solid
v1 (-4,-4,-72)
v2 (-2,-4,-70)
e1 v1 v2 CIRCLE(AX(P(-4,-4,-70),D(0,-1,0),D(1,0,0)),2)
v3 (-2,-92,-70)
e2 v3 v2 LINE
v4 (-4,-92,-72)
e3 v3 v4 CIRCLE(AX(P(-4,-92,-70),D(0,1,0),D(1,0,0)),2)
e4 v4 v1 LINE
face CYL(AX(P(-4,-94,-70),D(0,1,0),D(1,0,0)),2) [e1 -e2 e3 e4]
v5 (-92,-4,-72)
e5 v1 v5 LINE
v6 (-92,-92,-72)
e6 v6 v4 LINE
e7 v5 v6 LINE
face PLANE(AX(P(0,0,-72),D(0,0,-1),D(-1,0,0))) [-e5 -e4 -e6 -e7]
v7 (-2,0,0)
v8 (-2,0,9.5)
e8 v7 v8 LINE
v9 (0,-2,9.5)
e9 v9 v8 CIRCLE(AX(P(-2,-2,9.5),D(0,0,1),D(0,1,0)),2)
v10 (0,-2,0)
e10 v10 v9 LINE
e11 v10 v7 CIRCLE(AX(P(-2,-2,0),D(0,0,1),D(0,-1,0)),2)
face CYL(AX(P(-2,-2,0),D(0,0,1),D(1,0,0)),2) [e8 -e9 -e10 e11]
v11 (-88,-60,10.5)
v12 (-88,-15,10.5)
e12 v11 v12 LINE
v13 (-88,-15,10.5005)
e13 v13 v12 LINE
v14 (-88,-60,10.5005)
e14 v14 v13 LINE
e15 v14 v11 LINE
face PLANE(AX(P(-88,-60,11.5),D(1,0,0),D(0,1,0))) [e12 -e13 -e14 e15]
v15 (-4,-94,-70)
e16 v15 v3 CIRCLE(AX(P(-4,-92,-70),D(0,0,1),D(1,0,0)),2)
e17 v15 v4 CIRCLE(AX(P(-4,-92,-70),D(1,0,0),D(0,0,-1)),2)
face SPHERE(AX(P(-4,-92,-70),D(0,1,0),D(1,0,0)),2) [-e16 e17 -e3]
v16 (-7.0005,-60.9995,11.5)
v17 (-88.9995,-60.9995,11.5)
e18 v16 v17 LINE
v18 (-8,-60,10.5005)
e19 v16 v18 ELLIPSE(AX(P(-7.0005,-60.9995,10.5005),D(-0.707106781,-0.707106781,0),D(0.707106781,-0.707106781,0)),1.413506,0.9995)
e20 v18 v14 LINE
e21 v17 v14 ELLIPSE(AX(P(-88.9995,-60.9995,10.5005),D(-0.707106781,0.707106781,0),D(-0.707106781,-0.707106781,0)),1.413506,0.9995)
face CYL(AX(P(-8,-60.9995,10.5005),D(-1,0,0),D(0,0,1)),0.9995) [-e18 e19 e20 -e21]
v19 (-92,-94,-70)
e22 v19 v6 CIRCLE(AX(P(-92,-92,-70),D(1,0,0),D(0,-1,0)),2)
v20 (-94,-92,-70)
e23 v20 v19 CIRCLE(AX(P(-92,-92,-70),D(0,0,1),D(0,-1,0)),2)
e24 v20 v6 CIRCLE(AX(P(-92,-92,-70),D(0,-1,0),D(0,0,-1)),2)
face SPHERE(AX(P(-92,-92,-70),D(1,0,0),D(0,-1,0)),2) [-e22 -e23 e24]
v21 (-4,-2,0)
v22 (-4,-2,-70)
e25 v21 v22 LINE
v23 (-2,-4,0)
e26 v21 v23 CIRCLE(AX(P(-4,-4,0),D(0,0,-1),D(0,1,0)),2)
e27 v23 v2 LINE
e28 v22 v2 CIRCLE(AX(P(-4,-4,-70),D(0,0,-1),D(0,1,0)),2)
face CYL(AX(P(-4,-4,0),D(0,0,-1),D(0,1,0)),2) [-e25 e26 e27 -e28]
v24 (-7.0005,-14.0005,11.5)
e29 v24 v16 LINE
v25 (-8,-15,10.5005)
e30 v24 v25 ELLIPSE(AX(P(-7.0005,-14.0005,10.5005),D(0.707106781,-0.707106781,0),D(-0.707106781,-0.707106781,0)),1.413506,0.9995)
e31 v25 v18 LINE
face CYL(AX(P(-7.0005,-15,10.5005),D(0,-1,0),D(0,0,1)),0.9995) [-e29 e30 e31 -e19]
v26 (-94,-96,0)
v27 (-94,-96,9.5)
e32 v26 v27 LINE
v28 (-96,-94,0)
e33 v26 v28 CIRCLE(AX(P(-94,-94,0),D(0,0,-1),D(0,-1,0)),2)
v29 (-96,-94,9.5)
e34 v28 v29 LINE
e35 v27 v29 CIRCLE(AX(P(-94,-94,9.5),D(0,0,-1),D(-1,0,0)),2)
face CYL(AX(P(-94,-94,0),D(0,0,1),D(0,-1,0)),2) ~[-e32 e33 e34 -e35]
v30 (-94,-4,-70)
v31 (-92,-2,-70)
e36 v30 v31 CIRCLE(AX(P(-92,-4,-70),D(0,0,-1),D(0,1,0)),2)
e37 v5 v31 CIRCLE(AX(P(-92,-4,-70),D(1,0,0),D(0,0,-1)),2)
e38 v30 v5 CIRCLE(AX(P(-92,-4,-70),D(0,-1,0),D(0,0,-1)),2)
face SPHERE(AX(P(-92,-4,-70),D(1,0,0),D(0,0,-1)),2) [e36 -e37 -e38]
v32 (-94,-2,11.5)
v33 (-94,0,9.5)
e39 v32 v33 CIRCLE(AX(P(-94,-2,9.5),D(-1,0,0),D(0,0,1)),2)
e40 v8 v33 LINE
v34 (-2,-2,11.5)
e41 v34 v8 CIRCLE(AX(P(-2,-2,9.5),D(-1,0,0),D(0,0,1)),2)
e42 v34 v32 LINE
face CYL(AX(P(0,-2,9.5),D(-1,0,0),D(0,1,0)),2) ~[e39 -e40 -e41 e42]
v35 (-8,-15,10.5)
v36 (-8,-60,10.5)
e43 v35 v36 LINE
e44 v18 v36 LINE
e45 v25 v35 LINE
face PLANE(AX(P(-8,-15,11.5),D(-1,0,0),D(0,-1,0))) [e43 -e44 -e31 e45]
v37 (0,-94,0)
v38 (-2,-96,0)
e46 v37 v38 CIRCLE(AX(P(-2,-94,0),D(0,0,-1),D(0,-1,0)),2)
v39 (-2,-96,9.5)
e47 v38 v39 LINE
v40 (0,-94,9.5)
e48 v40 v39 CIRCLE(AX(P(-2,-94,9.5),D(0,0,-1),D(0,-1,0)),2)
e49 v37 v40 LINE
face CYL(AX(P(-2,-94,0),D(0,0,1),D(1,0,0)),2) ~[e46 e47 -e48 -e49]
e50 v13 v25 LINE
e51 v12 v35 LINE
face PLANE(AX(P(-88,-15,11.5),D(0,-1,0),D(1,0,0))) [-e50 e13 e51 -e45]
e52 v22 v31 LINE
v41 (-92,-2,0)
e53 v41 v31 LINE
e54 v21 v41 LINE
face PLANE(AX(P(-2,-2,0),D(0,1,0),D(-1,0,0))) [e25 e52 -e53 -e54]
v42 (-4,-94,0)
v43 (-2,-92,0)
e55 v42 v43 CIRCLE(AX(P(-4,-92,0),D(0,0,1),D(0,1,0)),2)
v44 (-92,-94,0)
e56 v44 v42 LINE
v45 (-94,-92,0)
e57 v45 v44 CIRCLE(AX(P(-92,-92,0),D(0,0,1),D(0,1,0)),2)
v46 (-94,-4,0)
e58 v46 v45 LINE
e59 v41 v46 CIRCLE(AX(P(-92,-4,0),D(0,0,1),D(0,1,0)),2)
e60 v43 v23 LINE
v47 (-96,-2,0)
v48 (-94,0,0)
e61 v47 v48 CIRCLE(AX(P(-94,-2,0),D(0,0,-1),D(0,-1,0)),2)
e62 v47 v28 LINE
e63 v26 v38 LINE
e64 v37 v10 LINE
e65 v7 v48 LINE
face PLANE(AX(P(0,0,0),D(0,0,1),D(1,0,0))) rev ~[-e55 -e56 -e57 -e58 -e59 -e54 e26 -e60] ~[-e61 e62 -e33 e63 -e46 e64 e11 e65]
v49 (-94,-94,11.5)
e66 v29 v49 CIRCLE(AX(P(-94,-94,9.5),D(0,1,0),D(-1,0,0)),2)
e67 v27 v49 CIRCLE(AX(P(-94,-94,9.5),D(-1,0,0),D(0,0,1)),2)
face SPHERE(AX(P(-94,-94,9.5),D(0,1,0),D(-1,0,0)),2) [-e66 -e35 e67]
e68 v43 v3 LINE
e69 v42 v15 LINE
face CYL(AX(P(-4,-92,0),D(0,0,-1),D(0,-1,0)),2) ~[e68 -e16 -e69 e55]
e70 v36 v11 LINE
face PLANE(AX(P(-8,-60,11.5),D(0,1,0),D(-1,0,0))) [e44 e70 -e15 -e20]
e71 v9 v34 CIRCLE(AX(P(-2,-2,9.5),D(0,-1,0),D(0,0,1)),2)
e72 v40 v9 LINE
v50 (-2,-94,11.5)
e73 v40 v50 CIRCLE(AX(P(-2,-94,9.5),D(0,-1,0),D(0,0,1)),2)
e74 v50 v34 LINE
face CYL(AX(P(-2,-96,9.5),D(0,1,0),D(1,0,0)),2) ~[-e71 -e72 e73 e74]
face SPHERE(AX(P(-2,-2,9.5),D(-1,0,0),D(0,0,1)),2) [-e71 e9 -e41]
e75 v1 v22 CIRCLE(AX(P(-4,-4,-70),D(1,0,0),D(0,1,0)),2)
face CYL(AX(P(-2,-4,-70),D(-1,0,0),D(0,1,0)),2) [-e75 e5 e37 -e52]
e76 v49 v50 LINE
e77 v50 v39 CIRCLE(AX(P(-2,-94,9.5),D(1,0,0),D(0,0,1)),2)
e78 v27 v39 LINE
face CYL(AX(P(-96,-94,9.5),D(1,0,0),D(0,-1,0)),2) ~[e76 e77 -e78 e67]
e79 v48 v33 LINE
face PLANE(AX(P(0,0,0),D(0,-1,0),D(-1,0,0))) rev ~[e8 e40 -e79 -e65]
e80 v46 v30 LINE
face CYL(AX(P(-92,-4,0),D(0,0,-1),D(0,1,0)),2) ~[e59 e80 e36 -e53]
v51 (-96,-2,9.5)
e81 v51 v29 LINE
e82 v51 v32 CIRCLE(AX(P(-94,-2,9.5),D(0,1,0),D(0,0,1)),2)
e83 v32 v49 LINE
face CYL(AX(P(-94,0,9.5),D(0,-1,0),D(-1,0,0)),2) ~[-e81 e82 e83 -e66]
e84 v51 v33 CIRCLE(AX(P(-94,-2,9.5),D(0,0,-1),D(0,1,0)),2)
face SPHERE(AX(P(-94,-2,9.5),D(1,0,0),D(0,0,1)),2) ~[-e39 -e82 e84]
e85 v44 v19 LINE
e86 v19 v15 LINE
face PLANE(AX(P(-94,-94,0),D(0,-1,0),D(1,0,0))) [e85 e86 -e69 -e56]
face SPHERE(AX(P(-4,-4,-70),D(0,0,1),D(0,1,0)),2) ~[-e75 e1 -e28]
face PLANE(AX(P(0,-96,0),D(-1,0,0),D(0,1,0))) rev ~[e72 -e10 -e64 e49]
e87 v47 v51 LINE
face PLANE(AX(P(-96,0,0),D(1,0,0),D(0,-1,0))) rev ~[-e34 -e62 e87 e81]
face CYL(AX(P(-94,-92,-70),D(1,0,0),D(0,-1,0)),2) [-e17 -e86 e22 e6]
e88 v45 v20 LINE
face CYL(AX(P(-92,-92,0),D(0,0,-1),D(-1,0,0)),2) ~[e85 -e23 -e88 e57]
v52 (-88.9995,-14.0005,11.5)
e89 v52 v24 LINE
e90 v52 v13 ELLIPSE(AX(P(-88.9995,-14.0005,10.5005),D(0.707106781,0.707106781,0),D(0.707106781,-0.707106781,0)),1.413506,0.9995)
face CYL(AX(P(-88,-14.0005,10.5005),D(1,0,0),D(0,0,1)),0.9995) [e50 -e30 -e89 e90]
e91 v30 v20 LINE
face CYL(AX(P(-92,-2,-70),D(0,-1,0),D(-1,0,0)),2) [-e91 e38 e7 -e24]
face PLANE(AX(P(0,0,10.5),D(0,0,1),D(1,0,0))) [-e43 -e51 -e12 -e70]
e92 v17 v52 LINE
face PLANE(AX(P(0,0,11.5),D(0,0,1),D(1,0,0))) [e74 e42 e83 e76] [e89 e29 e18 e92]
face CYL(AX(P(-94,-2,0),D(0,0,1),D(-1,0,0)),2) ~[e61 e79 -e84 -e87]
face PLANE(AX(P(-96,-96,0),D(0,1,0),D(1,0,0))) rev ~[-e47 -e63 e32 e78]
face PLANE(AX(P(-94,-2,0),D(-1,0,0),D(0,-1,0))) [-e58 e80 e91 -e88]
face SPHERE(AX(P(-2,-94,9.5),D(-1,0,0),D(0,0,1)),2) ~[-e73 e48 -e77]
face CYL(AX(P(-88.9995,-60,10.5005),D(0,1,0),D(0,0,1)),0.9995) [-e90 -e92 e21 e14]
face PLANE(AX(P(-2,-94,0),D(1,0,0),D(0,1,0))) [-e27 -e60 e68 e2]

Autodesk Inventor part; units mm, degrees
ref_plane "YZ Plane" through (0, 0, 0) normal (1, 0, 0) x (0, 1, 0)
ref_plane "XZ Plane" through (0, 0, 0) normal (0, 1, 0) x (-1, 0, 0)
ref_plane "XY Plane" through (0, 0, 0) normal (0, 0, 1) x (1, 0, 0)
sketch "Эскиз1" plane through (0, 0, 0) normal (0, 0, 1) x (1, 0, 0)
  line L0 (0, 0) -> (-96, 0)
  line L1 (-96, 0) -> (-96, -96)
  line L2 (-96, -96) -> (0, -96)
  line L3 (0, -96) -> (0, 0)
  dimension "d0" = 96
  dimension "d1" = 96
extrude "Выдавливание1" add sketch "Эскиз1" along normal blind 11.5
fillet "Сопряжение1" radius 2 8 edges at (-48, 0, 11.5) (-96, -48, 11.5) (-96, 0, 5.75) (-96, -96, 5.75) (-48, -96, 11.5) (0, -48, 11.5) (0, -96, 5.75) (0, 0, 5.75)
sketch "Эскиз2" plane through (0, 0, 0) normal (0, 0, -1) x (-1, 0, 0)
  line L0 (2, -2) -> (94, -2)
  line L1 (94, -2) -> (94, -94)
  line L2 (94, -94) -> (2, -94)
  line L3 (2, -94) -> (2, -2)
  line L4 (18.852, -2) -> (35.4089, -2)
  line L5 (0, -94) -> (0, -2) projected
  line L6 (2, 0) -> (94, 0) projected
  point P0 (0, 0)
  dimension "d5" = 92
  dimension "d6" = 92
  dimension "d7" = 2
  dimension "d8" = 2
extrude "Выдавливание2" add sketch "Эскиз2" along normal blind 72
fillet "Сопряжение2" radius 2 8 edges at (-2, -2, -36) (-48, -2, -72) (-2, -48, -72) (-2, -94, -36) (-48, -94, -72) (-94, -94, -36) (-94, -48, -72) (-94, -2, -36)
sketch "Эскиз4" plane through (0, 0, 11.5) normal (0, 0, 1) x (1, 0, 0)
  line L0 (-88, -15) -> (-8, -15)
  line L1 (-8, -15) -> (-8, -60)
  line L2 (-8, -60) -> (-88, -60)
  line L3 (-88, -60) -> (-88, -15)
  line L4 (0, -94) -> (0, -2) projected
  line L5 (-2, 0) -> (-94, 0) projected
  point P0 (0, 0)
  dimension "d15" = 45
  dimension "d16" = 80
  dimension "d17" = 8
  dimension "d21" = 15
extrude "Выдавливание4" cut sketch "Эскиз4" against normal blind 1
fillet "Сопряжение3" radius 1 4 edges at (-8, -37.5, 11.5) (-48, -60, 11.5) (-48, -15, 11.5) (-88, -37.5, 11.5)
properties part number "EM20"
